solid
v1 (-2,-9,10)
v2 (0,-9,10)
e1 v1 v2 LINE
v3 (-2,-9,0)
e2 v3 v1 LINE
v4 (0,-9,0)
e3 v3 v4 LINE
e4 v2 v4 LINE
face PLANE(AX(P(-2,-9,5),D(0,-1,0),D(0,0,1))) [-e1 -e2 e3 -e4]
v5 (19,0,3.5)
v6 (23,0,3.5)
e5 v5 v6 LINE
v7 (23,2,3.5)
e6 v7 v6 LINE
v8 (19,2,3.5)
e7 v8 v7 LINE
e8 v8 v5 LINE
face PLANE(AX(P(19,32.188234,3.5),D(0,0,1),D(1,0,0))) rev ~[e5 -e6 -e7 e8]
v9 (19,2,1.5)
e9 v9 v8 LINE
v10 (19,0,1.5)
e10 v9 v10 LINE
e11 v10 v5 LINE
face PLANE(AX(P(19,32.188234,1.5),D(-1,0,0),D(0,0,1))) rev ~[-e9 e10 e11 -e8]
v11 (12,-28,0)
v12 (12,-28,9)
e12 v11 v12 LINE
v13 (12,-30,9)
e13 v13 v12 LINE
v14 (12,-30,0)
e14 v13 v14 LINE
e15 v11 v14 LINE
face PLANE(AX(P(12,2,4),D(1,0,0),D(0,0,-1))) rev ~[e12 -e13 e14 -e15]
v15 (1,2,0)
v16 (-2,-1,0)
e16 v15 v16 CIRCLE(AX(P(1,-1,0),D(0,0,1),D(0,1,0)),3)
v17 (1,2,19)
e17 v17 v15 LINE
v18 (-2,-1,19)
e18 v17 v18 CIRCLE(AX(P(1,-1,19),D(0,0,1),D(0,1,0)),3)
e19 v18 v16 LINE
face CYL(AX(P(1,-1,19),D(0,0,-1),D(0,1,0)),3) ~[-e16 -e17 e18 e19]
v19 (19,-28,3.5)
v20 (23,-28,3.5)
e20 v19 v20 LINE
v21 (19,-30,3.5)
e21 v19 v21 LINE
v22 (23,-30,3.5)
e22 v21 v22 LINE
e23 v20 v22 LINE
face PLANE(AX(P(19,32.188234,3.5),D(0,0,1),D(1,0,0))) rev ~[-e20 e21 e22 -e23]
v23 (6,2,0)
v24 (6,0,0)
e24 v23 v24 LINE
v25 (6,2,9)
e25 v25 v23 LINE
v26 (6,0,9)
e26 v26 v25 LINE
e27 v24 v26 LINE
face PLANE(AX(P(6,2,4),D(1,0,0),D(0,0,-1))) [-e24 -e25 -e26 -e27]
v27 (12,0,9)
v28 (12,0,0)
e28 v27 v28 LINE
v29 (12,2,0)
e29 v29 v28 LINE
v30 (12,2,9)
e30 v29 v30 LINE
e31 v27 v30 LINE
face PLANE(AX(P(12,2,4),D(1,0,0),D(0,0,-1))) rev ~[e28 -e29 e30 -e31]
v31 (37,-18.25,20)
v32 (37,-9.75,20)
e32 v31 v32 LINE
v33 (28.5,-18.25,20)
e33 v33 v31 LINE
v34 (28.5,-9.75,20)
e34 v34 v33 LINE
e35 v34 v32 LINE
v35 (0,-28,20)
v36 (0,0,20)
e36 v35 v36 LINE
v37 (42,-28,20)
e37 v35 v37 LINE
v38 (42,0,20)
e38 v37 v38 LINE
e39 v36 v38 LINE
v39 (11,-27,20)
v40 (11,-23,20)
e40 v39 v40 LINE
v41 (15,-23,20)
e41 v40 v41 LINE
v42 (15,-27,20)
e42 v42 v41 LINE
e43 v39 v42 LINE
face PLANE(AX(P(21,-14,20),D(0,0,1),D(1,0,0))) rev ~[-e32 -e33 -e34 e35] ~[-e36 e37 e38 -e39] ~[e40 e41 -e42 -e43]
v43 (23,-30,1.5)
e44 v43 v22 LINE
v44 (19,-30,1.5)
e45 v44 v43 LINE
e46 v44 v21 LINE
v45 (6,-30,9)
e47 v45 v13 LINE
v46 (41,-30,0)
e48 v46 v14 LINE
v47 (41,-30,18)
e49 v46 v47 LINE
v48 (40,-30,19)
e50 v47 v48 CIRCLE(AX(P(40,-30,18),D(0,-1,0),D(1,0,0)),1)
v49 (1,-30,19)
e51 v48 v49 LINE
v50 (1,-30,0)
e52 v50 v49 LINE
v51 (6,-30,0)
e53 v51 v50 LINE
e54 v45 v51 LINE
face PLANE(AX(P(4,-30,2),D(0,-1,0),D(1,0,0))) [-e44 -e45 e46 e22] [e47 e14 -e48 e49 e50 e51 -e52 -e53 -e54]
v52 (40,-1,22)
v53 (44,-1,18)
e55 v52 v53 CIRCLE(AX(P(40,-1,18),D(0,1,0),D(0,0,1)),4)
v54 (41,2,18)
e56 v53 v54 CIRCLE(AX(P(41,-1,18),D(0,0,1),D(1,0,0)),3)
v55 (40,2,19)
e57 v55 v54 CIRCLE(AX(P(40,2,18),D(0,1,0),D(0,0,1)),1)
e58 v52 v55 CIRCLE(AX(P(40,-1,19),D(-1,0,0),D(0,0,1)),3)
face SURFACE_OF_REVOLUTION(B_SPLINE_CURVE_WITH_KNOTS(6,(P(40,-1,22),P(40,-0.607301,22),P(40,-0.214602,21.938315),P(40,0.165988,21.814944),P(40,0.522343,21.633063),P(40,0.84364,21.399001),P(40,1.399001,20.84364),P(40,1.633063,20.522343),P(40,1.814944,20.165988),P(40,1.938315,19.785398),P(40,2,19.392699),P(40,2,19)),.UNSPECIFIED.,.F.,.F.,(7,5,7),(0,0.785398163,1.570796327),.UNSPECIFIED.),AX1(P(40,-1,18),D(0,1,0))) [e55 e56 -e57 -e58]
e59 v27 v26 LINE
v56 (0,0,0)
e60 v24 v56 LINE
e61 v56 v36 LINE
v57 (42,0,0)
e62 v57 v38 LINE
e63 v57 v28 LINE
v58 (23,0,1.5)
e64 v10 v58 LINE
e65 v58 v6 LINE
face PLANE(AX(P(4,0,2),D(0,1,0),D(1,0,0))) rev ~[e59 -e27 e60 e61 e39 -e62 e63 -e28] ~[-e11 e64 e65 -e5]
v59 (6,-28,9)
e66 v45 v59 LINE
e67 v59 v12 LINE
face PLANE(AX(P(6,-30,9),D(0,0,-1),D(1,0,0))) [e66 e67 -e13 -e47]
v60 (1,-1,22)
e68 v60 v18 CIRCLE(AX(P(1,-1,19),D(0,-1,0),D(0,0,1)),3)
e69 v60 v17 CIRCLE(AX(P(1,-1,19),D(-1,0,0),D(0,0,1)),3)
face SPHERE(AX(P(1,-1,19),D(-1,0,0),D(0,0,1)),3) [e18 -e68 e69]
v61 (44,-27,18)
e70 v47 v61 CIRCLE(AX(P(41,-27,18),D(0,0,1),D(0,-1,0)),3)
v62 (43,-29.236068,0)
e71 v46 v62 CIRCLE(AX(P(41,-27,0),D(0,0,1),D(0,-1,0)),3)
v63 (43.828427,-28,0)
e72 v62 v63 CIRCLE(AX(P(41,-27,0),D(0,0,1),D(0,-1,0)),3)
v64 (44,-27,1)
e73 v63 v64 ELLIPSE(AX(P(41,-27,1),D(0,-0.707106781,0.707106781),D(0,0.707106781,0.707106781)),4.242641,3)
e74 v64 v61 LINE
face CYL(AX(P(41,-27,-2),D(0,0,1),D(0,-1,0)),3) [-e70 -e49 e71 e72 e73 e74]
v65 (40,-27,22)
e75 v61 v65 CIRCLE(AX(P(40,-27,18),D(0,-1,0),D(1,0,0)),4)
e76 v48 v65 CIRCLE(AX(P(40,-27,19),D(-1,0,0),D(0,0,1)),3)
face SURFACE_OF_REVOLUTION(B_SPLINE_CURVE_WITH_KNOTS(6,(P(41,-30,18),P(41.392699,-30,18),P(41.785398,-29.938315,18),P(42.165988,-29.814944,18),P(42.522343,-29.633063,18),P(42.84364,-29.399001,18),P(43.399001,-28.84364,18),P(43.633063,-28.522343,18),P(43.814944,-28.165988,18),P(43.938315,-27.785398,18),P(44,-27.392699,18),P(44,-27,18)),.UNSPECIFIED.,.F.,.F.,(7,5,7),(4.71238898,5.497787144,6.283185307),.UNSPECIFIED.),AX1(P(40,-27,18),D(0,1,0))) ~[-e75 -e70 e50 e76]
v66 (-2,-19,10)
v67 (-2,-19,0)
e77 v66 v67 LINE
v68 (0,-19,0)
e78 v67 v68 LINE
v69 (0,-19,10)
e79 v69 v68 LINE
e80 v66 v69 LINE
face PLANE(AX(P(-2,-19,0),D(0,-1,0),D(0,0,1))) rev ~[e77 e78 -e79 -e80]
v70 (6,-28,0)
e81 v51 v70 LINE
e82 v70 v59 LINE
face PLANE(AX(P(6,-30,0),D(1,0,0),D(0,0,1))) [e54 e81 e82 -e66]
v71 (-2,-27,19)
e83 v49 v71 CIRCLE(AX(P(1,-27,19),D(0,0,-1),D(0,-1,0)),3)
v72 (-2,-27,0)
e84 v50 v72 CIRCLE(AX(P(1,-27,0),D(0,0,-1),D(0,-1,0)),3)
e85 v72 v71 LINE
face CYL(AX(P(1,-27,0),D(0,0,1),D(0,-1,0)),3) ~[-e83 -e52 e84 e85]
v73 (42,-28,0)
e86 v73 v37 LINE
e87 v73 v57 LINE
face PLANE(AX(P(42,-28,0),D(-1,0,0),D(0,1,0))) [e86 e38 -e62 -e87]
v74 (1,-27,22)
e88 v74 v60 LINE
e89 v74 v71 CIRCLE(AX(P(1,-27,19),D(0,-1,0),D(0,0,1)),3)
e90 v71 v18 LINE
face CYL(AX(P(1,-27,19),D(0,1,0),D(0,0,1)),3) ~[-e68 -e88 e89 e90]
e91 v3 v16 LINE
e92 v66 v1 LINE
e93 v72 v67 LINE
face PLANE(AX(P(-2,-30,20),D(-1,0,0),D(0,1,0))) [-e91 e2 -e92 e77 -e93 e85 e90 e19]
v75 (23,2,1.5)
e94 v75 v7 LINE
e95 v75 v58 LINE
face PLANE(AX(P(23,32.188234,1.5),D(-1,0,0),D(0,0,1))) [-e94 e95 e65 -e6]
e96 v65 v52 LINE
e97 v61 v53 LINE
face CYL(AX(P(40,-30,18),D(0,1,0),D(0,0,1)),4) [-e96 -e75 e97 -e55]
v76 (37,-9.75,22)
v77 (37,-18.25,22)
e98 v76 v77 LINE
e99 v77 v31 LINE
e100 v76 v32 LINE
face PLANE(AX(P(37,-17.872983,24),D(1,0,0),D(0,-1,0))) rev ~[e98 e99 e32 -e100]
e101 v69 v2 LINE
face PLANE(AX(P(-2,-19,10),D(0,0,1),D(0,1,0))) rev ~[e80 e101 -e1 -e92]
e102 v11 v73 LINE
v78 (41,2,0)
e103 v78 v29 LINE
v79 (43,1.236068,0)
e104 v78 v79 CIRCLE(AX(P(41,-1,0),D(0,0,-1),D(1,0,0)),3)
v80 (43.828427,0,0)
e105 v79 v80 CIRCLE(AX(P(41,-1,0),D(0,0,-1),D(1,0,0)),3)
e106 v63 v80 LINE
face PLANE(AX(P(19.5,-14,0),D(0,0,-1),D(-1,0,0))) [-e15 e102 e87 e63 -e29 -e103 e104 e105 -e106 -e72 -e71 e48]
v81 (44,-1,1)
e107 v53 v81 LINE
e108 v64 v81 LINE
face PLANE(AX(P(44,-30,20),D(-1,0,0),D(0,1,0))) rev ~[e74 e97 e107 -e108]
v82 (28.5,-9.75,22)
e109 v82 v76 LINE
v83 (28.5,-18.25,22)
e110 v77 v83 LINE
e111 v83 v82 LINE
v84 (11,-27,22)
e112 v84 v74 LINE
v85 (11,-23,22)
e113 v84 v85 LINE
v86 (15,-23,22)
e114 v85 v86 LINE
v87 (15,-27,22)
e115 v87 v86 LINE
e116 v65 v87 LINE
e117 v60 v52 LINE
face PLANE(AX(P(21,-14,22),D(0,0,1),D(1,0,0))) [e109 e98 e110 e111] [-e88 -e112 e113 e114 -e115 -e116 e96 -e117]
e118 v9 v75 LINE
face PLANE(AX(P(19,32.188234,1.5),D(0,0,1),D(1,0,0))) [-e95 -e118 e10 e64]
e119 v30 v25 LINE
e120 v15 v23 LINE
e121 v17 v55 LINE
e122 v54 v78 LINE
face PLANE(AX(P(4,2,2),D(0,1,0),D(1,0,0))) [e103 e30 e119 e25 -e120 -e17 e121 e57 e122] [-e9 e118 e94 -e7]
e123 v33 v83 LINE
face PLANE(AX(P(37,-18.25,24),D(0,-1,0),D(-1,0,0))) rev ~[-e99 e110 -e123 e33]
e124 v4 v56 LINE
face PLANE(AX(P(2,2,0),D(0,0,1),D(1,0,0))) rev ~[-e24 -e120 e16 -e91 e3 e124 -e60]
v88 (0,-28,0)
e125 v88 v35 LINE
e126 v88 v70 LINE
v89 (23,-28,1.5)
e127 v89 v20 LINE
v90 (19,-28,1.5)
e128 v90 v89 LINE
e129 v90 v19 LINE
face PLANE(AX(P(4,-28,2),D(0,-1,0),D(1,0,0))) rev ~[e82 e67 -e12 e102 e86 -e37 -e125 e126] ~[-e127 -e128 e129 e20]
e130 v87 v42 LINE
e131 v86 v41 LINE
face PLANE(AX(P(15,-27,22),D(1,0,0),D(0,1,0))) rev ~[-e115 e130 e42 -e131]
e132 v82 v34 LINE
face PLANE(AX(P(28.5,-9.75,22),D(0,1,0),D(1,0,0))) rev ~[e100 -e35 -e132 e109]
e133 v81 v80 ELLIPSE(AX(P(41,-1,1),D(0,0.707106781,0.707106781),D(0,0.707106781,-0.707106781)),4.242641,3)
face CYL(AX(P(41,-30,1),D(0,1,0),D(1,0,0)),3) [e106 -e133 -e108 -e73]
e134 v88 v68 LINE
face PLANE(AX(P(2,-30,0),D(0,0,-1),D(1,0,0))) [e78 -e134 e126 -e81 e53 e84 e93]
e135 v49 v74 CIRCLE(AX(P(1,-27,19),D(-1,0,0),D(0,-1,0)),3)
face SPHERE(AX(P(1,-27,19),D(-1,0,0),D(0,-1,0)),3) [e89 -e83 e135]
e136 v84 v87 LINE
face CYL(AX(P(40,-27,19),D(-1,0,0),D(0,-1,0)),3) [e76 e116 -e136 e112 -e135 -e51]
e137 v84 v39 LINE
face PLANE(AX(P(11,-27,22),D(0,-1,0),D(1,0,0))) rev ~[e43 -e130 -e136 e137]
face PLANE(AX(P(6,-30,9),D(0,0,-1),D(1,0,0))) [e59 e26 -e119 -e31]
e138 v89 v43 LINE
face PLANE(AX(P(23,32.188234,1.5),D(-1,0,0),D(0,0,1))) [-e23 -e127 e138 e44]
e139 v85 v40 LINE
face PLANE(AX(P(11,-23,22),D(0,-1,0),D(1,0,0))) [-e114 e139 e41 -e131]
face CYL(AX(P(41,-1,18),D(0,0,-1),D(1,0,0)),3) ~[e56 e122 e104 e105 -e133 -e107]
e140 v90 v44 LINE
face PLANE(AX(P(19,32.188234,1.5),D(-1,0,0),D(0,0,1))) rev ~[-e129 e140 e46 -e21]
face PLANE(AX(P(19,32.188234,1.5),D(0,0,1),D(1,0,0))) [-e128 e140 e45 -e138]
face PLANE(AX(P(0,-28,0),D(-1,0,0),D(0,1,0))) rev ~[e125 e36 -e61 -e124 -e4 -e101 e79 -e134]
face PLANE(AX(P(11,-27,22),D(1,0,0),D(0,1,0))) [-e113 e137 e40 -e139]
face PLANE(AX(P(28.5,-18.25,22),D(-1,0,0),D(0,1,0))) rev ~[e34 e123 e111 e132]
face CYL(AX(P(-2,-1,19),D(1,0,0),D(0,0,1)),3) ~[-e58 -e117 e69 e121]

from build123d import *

# Parameters (mm, degrees)
SKETCH1_W                = 46
SKETCH1_H                = 32
SKETCH1_W_2              = 42
SKETCH1_H_2              = 28
BOSS_EXTRUDE1_DEPTH      = 20
SKETCH2_W                = 46
SKETCH2_H                = 32
BOSS_EXTRUDE2_DEPTH      = 2
SKETCH3_W                = 8
SKETCH3_H                = 4
CUT_EXTRUDE2_DEPTH       = 58.965506985
SKETCH4_W                = 5
SKETCH4_H                = 5
CUT_EXTRUDE3_DEPTH       = 2
SKETCH5_W                = 46
SKETCH5_H                = 32
BOSS_EXTRUDE3_DEPTH      = 2
SKETCH6_W                = 8.5
SKETCH6_H                = 4.25
CUT_EXTRUDE4_DEPTH       = 2
SKETCH7_W                = 11.5
SKETCH7_H                = 11.5
SKETCH7_W_2              = 8.5
SKETCH7_H_2              = 8.5
BOSS_EXTRUDE5_DEPTH      = 2
SKETCH9_R                = 5.75
SKETCH9_R_2              = 5
BOSS_EXTRUDE8_DEPTH      = 4
BOSS_EXTRUDE9_DEPTH      = 0.5
FILLET2_R                = 4
FILLET3_R                = 3
FILLET4_R                = 2
SKETCH13_W               = 43
SKETCH13_H               = 32
CUT_EXTRUDE5_DEPTH       = 2
SKETCH14_W               = 2
SKETCH14_H               = 32
CUT_EXTRUDE6_DEPTH       = 2
SKETCH15_W               = 4
SKETCH15_H               = 4
CUT_EXTRUDE9_DEPTH       = 2
SKETCH16_W               = 1.236067977
SKETCH16_H               = 30.472135954
CUT_EXTRUDE10_DEPTH      = 2
FILLET9_R                = 3
CUT_EXTRUDE11_DEPTH      = 62.188234163
CUT_EXTRUDE11_DEPTH_BACK = 62.188234163
SKETCH19_W               = 4
SKETCH19_H               = 2
SKETCH21_W               = 2
SKETCH21_H               = 4
CUT_EXTRUDE12_DEPTH      = 55
SKETCH22_W               = 4
SKETCH22_H               = 4
BOSS_EXTRUDE10_DEPTH     = 2
SKETCH23_W               = 4
SKETCH23_H               = 4
BOSS_EXTRUDE11_DEPTH     = 2
SKETCH24_W               = 6
SKETCH24_H               = 5
CUT_EXTRUDE13_DEPTH      = 46.5
SKETCH25_W               = 5
SKETCH25_H               = 10
CUT_EXTRUDE14_DEPTH      = 13
CUT_EXTRUDE15_START      = -3.5
SKETCH26_R               = 6.5
SKETCH26_R_2             = 5
CUT_EXTRUDE15_DEPTH      = 3.5
SKETCH27_W               = 11.5
SKETCH27_H               = 11.5
CUT_EXTRUDE16_DEPTH      = 2.5


with BuildPart() as part:
    # Sketch1 → Boss-Extrude1 (new body)
    with BuildSketch(Plane.XY):
        with Locations((21, -14)):
            Rectangle(SKETCH1_W, SKETCH1_H)
        with Locations((21, -14)):
            Rectangle(SKETCH1_W_2, SKETCH1_H_2, mode=Mode.SUBTRACT)
    extrude(amount=BOSS_EXTRUDE1_DEPTH)

    # Sketch2 → Boss-Extrude2 (add)
    with BuildSketch(Plane(origin=(0, 0, 0), x_dir=(-1, 0, 0), z_dir=(0, 0, -1))):
        with Locations((-21, -14)):
            Rectangle(SKETCH2_W, SKETCH2_H)
    extrude(amount=BOSS_EXTRUDE2_DEPTH)

    # Sketch3 → Cut-Extrude2 (cut, through all)
    with BuildSketch(Plane.XZ.offset(30)):
        with Locations((6, 2)):
            Rectangle(SKETCH3_W, SKETCH3_H)
    extrude(amount=-CUT_EXTRUDE2_DEPTH, mode=Mode.SUBTRACT)

    # Sketch4 → Cut-Extrude3 (cut)
    with BuildSketch(Plane.ZY.offset(2)):
        with Locations((2.5, -11.5)):
            Rectangle(SKETCH4_W, SKETCH4_H)
        with Locations((2.5, -16.5)):
            Rectangle(SKETCH4_W, SKETCH4_H)
    extrude(amount=-CUT_EXTRUDE3_DEPTH, mode=Mode.SUBTRACT)

    # Sketch5 → Boss-Extrude3 (add)
    with BuildSketch(Plane.XY.offset(20)):
        with Locations((21, -14)):
            Rectangle(SKETCH5_W, SKETCH5_H)
    extrude(amount=BOSS_EXTRUDE3_DEPTH)

    # Sketch6 → Cut-Extrude4 (cut)
    with BuildSketch(Plane.XY.offset(22)):
        with Locations((32.75, -11.875)):
            Rectangle(SKETCH6_W, SKETCH6_H)
        with Locations((32.75, -16.125)):
            Rectangle(SKETCH6_W, SKETCH6_H)
    extrude(amount=-CUT_EXTRUDE4_DEPTH, mode=Mode.SUBTRACT)

    # Sketch7 → Boss-Extrude5 (add)
    with BuildSketch(Plane.XY.offset(22)):
        with Locations((32.75, -14)):
            Rectangle(SKETCH7_W, SKETCH7_H)
        with Locations((32.75, -14)):
            Rectangle(SKETCH7_W_2, SKETCH7_H_2, mode=Mode.SUBTRACT)
    extrude(amount=BOSS_EXTRUDE5_DEPTH)

    # Sketch9 → Boss-Extrude8 (add)
    with BuildSketch(Plane.XY.offset(24)):
        with Locations((32.75, -14)):
            Circle(SKETCH9_R)
        with Locations(Location((32.75, -14, 0), (0, 0, 211.788330617))):
            Circle(SKETCH9_R_2, mode=Mode.SUBTRACT)
    extrude(amount=BOSS_EXTRUDE8_DEPTH)

    # Sketch11 → Boss-Extrude9 (add)
    with BuildSketch(Plane.XY.offset(24)):
        with BuildLine():
            Line((38.5, -19.75), (38.5, -14))
            ThreePointArc((38.5, -14), (38.111902647, -16.076655966), (37, -17.872983346))
            Line((37, -17.872983346), (37, -18.25))
            Line((37, -18.25), (36.622983346, -18.25))
            ThreePointArc((36.622983346, -18.25), (34.826655966, -19.361902647), (32.75, -19.75))
            Line((32.75, -19.75), (38.5, -19.75))
        make_face()
        with BuildLine():
            Line((27, -19.75), (29.718911087, -19.75))
            ThreePointArc((29.718911087, -19.75), (28.153805922, -18.596194078), (27, -17.031088913))
            Line((27, -17.031088913), (27, -19.75))
        make_face()
        with BuildLine():
            Line((38.5, -10.968911087), (38.5, -8.25))
            Line((38.5, -8.25), (35.781088913, -8.25))
            ThreePointArc((35.781088913, -8.25), (37.346194078, -9.403805922), (38.5, -10.968911087))
        make_face()
        with BuildLine():
            Line((27, -8.25), (27, -10.968911087))
            ThreePointArc((27, -10.968911087), (28.153805922, -9.403805922), (29.718911087, -8.25))
            Line((29.718911087, -8.25), (27, -8.25))
        make_face()
    extrude(amount=BOSS_EXTRUDE9_DEPTH)

    # Fillet2
    fillet2_edges = [part.edges().sort_by_distance(p)[0] for p in [
        (44, -14, 22),
    ]]
    fillet(fillet2_edges, radius=FILLET2_R)

    # Fillet3
    fillet3_edges = [part.edges().sort_by_distance(p)[0] for p in [
        (19, 2, 22),
        (44, 2, 8),
        (42.828427125, 2, 20.828427125),
        (44, -30, 8),
        (42.828427125, -30, 20.828427125),
        (44, -14, -2),
        (19, -30, 22),
    ]]
    fillet(fillet3_edges, radius=FILLET3_R)

    # Fillet4
    fillet4_edges = [part.edges().sort_by_distance(p)[0] for p in [
        (27, -8.25, 23.25),
        (27, -19.75, 23.25),
        (38.5, -19.75, 23.25),
        (38.5, -8.25, 23.25),
    ]]
    fillet(fillet4_edges, radius=FILLET4_R)

    # Sketch13 → Cut-Extrude5 (cut)
    with BuildSketch(Plane(origin=(0, 0, -2), x_dir=(-1, 0, 0), z_dir=(0, 0, -1))):
        with Locations((-19.5, -14)):
            Rectangle(SKETCH13_W, SKETCH13_H)
    extrude(amount=-CUT_EXTRUDE5_DEPTH, mode=Mode.SUBTRACT)

    # Sketch14 → Cut-Extrude6 (cut)
    with BuildSketch(Plane.ZY.offset(-41)):
        with Locations((-1, -14)):
            Rectangle(SKETCH14_W, SKETCH14_H)
    extrude(amount=-CUT_EXTRUDE6_DEPTH, mode=Mode.SUBTRACT)

    # Sketch15 → Cut-Extrude9 (cut)
    with BuildSketch(Plane.XY.offset(22)):
        with Locations((13, -25)):
            Rectangle(SKETCH15_W, SKETCH15_H)
    extrude(amount=-CUT_EXTRUDE9_DEPTH, mode=Mode.SUBTRACT)

    # Sketch16 → Cut-Extrude10 (cut)
    with BuildSketch(Plane.ZY.offset(-43)):
        with Locations((-0.618033989, -14)):
            Rectangle(SKETCH16_W, SKETCH16_H)
    extrude(amount=-CUT_EXTRUDE10_DEPTH, mode=Mode.SUBTRACT)

    # Fillet9
    fillet9_edges = [part.edges().sort_by_distance(p)[0] for p in [
        (-2, -14, 22),
        (-2, -30, 9.5),
        (-2, 2, 9.5),
        (-2, 1.121320344, 21.121320344),
        (-2, -29.121320344, 21.121320344),
    ]]
    fillet(fillet9_edges, radius=FILLET9_R)

    # Sketch19 → Cut-Extrude11 (cut, two sides: drawn at the far end of the back side and taken through both)
    with BuildSketch(Plane.XZ.offset(30).offset(-CUT_EXTRUDE11_DEPTH_BACK)):
        with Locations((21, 2.5)):
            Rectangle(SKETCH19_W, SKETCH19_H)
    extrude(amount=CUT_EXTRUDE11_DEPTH + CUT_EXTRUDE11_DEPTH_BACK, mode=Mode.SUBTRACT)

    # Sketch21 → Cut-Extrude12 (cut, symmetric)
    with BuildSketch(Plane(origin=(0, 2, 0), x_dir=(1, 0, 0), z_dir=(0, 1, 0))):
        with Locations((11, -2)):
            Rectangle(SKETCH21_W, SKETCH21_H)
    extrude(amount=CUT_EXTRUDE12_DEPTH, both=True, mode=Mode.SUBTRACT)

    # Sketch22 → Boss-Extrude10 (add)
    with BuildSketch(Plane(origin=(0, 2, 0), x_dir=(1, 0, 0), z_dir=(0, 1, 0))):
        with Locations((4, -2)):
            Rectangle(SKETCH22_W, SKETCH22_H)
    extrude(amount=-BOSS_EXTRUDE10_DEPTH)

    # Sketch23 → Boss-Extrude11 (add)
    with BuildSketch(Plane.XZ.offset(30)):
        with Locations((4, 2)):
            Rectangle(SKETCH23_W, SKETCH23_H)
    extrude(amount=-BOSS_EXTRUDE11_DEPTH)

    # Sketch24 → Cut-Extrude13 (cut, symmetric)
    with BuildSketch(Plane.XZ.offset(30)):
        with Locations((9, 6.5)):
            Rectangle(SKETCH24_W, SKETCH24_H)
    extrude(amount=CUT_EXTRUDE13_DEPTH, both=True, mode=Mode.SUBTRACT)

    # Sketch25 → Cut-Extrude14 (cut)
    with BuildSketch(Plane.ZY.offset(2)):
        with Locations((7.5, -14)):
            Rectangle(SKETCH25_W, SKETCH25_H)
    extrude(amount=-CUT_EXTRUDE14_DEPTH, mode=Mode.SUBTRACT)

    # Sketch26 → Cut-Extrude15 (cut)
    with BuildSketch(Plane.XY.offset(28).offset(CUT_EXTRUDE15_START)):
        with Locations((32.75, -14)):
            Circle(SKETCH26_R)
        with Locations(Location((32.75, -14, 0), (0, 0, 211.788330617))):
            Circle(SKETCH26_R_2, mode=Mode.SUBTRACT)
    extrude(amount=CUT_EXTRUDE15_DEPTH, mode=Mode.SUBTRACT)

    # Sketch27 → Cut-Extrude16 (cut)
    with BuildSketch(Plane.XY.offset(24.5)):
        with Locations((32.75, -14)):
            Rectangle(SKETCH27_W, SKETCH27_H)
    extrude(amount=-CUT_EXTRUDE16_DEPTH, mode=Mode.SUBTRACT)


solid = part.part
